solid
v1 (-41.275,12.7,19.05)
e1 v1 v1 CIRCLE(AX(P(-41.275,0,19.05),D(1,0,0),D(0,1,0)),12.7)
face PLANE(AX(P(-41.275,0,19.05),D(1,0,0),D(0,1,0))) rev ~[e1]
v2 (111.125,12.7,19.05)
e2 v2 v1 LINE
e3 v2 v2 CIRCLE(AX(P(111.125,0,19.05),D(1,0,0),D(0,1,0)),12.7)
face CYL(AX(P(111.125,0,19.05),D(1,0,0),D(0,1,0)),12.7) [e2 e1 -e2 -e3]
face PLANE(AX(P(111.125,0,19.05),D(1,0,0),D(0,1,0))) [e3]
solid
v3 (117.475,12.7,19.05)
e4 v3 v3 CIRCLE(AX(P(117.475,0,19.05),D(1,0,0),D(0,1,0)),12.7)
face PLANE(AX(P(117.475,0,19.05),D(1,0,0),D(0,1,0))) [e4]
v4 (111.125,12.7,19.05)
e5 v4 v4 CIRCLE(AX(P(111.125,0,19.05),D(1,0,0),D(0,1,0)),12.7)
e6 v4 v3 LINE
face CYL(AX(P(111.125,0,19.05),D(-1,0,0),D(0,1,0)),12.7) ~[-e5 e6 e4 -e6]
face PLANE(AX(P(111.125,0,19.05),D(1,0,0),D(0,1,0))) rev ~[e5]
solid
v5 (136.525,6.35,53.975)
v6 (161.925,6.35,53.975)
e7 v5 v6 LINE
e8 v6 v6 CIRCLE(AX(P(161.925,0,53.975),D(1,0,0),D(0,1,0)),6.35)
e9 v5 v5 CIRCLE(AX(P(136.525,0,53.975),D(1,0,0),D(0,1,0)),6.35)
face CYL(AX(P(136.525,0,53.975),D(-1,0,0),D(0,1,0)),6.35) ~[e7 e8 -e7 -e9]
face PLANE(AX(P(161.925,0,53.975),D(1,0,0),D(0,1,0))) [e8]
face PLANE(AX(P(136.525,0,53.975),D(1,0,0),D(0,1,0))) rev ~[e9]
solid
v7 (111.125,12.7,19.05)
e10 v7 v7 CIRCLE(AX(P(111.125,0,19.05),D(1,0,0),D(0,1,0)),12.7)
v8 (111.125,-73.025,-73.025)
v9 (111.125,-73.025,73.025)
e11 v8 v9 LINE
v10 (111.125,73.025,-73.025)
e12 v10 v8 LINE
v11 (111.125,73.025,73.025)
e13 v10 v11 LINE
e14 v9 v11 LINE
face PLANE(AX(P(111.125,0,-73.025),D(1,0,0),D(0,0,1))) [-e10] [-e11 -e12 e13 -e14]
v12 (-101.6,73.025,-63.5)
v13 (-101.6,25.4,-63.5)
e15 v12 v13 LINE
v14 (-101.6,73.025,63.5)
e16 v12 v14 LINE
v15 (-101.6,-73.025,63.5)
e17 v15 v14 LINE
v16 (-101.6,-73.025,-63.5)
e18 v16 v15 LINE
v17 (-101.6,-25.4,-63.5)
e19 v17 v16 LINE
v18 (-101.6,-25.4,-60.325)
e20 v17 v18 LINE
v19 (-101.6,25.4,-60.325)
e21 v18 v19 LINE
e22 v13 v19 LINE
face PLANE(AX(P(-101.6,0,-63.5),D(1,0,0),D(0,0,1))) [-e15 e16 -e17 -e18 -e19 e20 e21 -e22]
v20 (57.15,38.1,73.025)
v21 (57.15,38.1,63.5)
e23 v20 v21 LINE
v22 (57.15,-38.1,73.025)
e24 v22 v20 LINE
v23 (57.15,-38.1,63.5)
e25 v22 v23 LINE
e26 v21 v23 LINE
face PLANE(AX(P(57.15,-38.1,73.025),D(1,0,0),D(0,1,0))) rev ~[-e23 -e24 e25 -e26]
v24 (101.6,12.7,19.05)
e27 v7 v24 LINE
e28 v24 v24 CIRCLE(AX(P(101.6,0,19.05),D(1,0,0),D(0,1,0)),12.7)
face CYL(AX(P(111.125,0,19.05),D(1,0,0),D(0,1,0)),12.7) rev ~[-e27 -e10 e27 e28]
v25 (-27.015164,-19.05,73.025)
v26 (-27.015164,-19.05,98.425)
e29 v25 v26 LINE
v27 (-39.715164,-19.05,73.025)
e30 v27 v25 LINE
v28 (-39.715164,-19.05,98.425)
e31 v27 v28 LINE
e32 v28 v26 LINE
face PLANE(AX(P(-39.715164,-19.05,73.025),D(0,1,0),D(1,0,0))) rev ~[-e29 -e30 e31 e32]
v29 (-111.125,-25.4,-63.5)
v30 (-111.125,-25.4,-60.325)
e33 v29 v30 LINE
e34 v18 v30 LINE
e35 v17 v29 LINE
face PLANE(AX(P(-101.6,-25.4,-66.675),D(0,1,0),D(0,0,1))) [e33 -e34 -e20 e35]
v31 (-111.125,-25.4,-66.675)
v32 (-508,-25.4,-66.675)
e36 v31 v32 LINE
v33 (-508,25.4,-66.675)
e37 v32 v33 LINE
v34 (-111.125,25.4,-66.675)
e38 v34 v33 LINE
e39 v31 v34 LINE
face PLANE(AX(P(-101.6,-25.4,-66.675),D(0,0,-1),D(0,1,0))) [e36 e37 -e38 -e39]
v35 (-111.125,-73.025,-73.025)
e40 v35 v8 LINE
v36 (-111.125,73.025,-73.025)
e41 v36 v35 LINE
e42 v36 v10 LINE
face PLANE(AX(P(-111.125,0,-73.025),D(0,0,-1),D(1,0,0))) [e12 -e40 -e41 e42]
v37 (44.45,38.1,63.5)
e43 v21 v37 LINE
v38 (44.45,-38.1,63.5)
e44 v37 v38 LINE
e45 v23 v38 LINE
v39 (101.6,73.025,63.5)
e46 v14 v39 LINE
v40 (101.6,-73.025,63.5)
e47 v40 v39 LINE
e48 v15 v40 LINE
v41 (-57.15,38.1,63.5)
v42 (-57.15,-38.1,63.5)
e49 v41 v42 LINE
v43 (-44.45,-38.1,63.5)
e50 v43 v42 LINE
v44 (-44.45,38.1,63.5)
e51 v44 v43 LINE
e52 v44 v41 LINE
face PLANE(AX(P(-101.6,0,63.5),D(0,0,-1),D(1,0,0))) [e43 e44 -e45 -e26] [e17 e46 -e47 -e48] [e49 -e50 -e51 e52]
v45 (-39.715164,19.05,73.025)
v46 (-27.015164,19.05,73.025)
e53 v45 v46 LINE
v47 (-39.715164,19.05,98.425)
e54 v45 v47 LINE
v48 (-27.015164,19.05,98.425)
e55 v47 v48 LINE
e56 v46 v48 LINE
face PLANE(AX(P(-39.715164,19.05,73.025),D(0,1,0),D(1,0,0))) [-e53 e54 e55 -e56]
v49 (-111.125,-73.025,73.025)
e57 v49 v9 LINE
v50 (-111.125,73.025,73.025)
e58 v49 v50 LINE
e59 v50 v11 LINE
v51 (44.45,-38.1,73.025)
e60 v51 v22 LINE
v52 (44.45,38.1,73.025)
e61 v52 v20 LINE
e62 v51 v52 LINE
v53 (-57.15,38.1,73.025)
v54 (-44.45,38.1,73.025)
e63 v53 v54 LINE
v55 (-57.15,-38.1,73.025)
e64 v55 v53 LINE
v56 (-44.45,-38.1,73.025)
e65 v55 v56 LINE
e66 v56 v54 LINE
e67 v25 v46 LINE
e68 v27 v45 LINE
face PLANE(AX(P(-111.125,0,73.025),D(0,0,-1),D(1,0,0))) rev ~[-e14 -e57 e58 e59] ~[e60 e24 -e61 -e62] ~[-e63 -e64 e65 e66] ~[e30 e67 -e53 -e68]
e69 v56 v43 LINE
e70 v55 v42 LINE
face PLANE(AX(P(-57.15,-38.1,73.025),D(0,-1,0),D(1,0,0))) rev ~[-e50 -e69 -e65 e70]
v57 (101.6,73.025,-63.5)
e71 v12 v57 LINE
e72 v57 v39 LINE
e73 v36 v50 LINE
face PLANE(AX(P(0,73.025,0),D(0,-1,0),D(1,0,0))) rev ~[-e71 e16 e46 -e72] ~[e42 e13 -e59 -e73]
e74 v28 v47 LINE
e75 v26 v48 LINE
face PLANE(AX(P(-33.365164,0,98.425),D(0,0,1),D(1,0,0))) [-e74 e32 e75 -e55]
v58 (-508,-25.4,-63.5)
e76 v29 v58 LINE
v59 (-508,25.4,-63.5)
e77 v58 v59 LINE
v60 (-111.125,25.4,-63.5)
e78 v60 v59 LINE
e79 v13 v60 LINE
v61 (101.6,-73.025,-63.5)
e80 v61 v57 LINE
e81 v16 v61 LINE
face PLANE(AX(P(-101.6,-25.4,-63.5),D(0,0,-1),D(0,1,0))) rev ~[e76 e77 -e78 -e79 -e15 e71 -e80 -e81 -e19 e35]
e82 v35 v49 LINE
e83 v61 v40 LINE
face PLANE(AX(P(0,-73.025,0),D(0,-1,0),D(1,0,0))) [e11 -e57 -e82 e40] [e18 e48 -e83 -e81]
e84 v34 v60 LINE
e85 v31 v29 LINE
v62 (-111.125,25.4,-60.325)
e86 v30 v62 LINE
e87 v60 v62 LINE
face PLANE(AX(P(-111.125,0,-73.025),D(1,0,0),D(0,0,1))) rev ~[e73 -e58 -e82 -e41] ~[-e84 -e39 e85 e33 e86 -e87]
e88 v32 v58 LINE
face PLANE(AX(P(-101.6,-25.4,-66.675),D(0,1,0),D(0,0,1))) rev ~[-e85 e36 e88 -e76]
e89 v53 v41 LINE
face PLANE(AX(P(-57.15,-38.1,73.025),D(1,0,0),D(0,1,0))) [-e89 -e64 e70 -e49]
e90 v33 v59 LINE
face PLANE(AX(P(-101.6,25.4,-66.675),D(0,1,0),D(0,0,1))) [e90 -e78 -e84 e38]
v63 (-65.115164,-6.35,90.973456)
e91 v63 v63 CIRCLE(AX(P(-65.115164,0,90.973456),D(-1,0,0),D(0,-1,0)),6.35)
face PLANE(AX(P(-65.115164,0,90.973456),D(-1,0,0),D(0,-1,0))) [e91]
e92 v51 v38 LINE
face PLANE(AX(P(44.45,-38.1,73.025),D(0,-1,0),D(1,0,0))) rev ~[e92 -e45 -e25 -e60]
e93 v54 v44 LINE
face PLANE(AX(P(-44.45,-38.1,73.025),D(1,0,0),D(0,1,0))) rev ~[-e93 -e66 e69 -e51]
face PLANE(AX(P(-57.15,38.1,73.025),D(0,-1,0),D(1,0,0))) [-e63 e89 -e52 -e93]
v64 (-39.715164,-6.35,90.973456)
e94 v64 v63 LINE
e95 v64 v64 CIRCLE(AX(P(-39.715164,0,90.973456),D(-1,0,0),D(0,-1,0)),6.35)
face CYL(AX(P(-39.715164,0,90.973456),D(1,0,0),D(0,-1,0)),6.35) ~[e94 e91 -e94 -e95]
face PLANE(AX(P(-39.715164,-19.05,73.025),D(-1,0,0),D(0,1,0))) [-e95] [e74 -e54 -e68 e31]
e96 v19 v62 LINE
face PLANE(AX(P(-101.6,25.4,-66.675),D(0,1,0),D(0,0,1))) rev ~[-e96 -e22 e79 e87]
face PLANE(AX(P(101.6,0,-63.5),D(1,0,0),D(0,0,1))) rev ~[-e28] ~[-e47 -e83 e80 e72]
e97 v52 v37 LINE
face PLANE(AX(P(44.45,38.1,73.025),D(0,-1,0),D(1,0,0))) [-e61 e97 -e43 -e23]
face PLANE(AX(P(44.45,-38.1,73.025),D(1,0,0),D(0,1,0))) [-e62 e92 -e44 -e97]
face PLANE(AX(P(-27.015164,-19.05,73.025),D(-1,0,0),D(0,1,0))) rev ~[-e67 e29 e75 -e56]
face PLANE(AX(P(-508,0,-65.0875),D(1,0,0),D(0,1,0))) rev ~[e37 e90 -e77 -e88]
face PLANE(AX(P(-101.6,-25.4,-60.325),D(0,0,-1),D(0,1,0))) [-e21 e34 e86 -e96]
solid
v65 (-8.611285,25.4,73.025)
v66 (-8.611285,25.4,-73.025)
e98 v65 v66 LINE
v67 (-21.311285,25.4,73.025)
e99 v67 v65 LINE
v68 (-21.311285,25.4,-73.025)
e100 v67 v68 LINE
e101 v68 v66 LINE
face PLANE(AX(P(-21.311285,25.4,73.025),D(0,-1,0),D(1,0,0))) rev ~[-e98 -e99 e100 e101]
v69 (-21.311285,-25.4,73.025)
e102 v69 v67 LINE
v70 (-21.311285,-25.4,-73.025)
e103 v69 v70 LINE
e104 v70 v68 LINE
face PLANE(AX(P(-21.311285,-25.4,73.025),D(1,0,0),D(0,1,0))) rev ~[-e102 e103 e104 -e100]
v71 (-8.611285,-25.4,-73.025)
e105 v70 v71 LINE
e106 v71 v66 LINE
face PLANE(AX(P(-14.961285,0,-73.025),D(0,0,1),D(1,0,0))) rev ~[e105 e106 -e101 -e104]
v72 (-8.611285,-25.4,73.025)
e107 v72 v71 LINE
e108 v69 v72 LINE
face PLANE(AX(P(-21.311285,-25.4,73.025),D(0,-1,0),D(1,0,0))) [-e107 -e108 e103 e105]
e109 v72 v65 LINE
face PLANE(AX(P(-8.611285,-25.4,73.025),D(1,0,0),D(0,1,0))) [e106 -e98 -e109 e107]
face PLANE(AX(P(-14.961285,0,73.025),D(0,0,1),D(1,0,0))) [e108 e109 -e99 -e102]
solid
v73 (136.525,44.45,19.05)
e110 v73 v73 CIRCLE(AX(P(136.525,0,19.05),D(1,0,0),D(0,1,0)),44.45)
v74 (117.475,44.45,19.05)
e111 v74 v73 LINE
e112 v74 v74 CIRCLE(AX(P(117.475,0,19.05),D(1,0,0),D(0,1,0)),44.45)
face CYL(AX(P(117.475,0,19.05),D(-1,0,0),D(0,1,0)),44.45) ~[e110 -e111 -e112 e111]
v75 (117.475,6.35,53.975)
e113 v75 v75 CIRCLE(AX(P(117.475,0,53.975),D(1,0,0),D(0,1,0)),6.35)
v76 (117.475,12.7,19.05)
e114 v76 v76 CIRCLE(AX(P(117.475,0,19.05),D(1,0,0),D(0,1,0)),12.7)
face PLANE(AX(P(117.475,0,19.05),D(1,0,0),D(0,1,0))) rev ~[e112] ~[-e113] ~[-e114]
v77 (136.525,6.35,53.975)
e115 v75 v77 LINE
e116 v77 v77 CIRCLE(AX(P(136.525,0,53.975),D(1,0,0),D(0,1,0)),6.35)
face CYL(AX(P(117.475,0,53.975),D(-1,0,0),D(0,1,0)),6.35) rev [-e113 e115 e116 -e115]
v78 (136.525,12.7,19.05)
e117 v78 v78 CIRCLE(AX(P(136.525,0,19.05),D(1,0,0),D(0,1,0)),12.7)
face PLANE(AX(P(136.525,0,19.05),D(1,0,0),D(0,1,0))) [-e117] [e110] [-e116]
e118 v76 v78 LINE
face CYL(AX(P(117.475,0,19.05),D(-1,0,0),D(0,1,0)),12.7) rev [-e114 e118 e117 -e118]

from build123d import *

# Parameters (mm, degrees)
F0_W      = 222.25
F0_H      = 146.05
F0_W_2    = 203.2
F0_H_2    = 127
F1_DEPTH  = 73.025
F2_W      = 50.8
F2_H      = 6.35
F3_DEPTH  = 25.4
F4_R      = 12.7
F5_DEPTH  = 9.525
F6_R      = 12.7
F7_DEPTH  = 152.4
F8_R      = 12.7
F9_DEPTH  = 6.35
F10_R     = 44.45
F10_R_2   = 12.7
F10_R_3   = 6.35
F11_DEPTH = 19.05
F12_R     = 6.35
F13_DEPTH = 25.4
F14_W     = 12.7
F14_H     = 76.2
F15_DEPTH = 19.05
F16_W     = 12.7
F16_H     = 38.1
F17_DEPTH = 25.4
F18_R     = 6.35
F19_DEPTH = 25.4
F2_H_2    = 3.175
F20_DEPTH = 406.4
F21_W     = 12.7
F21_H     = 50.8
F22_DEPTH = 146.05


with BuildPart() as f1:
    # F0 (on Front) → F1 (new body, symmetric)
    with BuildSketch(Plane.XZ):
        Rectangle(F0_W, F0_H)
        Rectangle(F0_W_2, F0_H_2, mode=Mode.SUBTRACT)
    extrude(amount=F1_DEPTH, both=True)

    # F2 (on face) → F3 (cut)
    with BuildSketch(Plane.YZ.offset(-101.6)):
        with Locations((0, -63.5)):
            Rectangle(F2_W, F2_H)
    extrude(amount=-F3_DEPTH, mode=Mode.SUBTRACT)

    # F4 (on face) → F5 (cut, through all)
    with BuildSketch(Plane.YZ.offset(111.125)):
        with Locations((0, 19.05)):
            Circle(F4_R)
    extrude(amount=-F5_DEPTH, mode=Mode.SUBTRACT)

    # F14 (on face) → F15 (cut)
    with BuildSketch(Plane.XY.offset(73.025)):
        with Locations((-50.8, 0)):
            Rectangle(F14_W, F14_H)
        with Locations((50.8, 0)):
            Rectangle(F14_W, F14_H)
    extrude(amount=-F15_DEPTH, mode=Mode.SUBTRACT)

    # F16 (on face) → F17 (join)
    with BuildSketch(Plane.XY.offset(73.025)):
        with Locations((-33.365164, 0)):
            Rectangle(F16_W, F16_H)
    extrude(amount=F17_DEPTH)

    # F18 (on face) → F19 (join)
    with BuildSketch(Plane(origin=(-39.715164, 0, 0), x_dir=(0, -1, 0), z_dir=(-1, 0, 0))):
        with Locations((0, 90.973456)):
            Circle(F18_R)
    extrude(amount=F19_DEPTH)

    # F2 (on face) → F20 (join)
    with BuildSketch(Plane.YZ.offset(-101.6)):
        with Locations((0, -65.0875)):
            Rectangle(F2_W, F2_H_2)
    extrude(amount=-F20_DEPTH)


with BuildPart() as f7:
    # F6 (on face) → F7 (new body)
    with BuildSketch(Plane.YZ.offset(111.125)):
        with Locations((0, 19.05)):
            Circle(F6_R)
    extrude(amount=-F7_DEPTH)


with BuildPart() as f9:
    # F8 (on face) → F9 (new body)
    with BuildSketch(Plane.YZ.offset(111.125)):
        with Locations((0, 19.05)):
            Circle(F8_R)
    extrude(amount=F9_DEPTH)

    # F10 (on face) → F11 (join)
    with BuildSketch(Plane.YZ.offset(117.475)):
        with Locations((0, 19.05)):
            Circle(F10_R)
        with Locations((0, 19.05)):
            Circle(F10_R_2, mode=Mode.SUBTRACT)
        with Locations((0, 53.975)):
            Circle(F10_R_3, mode=Mode.SUBTRACT)
    extrude(amount=F11_DEPTH)

    # F12 (on face) → F13 (join)
    with BuildSketch(Plane.YZ.offset(136.525)):
        with Locations((0, 53.975)):
            Circle(F12_R)
    extrude(amount=F13_DEPTH)


with BuildPart() as f22:
    # F21 (on face) → F22 (new body)
    with BuildSketch(Plane.XY.offset(73.025)):
        with Locations((-14.961285, 0)):
            Rectangle(F21_W, F21_H)
    extrude(amount=-F22_DEPTH)


solid = Compound([f1.part, f7.part, f9.part, f22.part])
